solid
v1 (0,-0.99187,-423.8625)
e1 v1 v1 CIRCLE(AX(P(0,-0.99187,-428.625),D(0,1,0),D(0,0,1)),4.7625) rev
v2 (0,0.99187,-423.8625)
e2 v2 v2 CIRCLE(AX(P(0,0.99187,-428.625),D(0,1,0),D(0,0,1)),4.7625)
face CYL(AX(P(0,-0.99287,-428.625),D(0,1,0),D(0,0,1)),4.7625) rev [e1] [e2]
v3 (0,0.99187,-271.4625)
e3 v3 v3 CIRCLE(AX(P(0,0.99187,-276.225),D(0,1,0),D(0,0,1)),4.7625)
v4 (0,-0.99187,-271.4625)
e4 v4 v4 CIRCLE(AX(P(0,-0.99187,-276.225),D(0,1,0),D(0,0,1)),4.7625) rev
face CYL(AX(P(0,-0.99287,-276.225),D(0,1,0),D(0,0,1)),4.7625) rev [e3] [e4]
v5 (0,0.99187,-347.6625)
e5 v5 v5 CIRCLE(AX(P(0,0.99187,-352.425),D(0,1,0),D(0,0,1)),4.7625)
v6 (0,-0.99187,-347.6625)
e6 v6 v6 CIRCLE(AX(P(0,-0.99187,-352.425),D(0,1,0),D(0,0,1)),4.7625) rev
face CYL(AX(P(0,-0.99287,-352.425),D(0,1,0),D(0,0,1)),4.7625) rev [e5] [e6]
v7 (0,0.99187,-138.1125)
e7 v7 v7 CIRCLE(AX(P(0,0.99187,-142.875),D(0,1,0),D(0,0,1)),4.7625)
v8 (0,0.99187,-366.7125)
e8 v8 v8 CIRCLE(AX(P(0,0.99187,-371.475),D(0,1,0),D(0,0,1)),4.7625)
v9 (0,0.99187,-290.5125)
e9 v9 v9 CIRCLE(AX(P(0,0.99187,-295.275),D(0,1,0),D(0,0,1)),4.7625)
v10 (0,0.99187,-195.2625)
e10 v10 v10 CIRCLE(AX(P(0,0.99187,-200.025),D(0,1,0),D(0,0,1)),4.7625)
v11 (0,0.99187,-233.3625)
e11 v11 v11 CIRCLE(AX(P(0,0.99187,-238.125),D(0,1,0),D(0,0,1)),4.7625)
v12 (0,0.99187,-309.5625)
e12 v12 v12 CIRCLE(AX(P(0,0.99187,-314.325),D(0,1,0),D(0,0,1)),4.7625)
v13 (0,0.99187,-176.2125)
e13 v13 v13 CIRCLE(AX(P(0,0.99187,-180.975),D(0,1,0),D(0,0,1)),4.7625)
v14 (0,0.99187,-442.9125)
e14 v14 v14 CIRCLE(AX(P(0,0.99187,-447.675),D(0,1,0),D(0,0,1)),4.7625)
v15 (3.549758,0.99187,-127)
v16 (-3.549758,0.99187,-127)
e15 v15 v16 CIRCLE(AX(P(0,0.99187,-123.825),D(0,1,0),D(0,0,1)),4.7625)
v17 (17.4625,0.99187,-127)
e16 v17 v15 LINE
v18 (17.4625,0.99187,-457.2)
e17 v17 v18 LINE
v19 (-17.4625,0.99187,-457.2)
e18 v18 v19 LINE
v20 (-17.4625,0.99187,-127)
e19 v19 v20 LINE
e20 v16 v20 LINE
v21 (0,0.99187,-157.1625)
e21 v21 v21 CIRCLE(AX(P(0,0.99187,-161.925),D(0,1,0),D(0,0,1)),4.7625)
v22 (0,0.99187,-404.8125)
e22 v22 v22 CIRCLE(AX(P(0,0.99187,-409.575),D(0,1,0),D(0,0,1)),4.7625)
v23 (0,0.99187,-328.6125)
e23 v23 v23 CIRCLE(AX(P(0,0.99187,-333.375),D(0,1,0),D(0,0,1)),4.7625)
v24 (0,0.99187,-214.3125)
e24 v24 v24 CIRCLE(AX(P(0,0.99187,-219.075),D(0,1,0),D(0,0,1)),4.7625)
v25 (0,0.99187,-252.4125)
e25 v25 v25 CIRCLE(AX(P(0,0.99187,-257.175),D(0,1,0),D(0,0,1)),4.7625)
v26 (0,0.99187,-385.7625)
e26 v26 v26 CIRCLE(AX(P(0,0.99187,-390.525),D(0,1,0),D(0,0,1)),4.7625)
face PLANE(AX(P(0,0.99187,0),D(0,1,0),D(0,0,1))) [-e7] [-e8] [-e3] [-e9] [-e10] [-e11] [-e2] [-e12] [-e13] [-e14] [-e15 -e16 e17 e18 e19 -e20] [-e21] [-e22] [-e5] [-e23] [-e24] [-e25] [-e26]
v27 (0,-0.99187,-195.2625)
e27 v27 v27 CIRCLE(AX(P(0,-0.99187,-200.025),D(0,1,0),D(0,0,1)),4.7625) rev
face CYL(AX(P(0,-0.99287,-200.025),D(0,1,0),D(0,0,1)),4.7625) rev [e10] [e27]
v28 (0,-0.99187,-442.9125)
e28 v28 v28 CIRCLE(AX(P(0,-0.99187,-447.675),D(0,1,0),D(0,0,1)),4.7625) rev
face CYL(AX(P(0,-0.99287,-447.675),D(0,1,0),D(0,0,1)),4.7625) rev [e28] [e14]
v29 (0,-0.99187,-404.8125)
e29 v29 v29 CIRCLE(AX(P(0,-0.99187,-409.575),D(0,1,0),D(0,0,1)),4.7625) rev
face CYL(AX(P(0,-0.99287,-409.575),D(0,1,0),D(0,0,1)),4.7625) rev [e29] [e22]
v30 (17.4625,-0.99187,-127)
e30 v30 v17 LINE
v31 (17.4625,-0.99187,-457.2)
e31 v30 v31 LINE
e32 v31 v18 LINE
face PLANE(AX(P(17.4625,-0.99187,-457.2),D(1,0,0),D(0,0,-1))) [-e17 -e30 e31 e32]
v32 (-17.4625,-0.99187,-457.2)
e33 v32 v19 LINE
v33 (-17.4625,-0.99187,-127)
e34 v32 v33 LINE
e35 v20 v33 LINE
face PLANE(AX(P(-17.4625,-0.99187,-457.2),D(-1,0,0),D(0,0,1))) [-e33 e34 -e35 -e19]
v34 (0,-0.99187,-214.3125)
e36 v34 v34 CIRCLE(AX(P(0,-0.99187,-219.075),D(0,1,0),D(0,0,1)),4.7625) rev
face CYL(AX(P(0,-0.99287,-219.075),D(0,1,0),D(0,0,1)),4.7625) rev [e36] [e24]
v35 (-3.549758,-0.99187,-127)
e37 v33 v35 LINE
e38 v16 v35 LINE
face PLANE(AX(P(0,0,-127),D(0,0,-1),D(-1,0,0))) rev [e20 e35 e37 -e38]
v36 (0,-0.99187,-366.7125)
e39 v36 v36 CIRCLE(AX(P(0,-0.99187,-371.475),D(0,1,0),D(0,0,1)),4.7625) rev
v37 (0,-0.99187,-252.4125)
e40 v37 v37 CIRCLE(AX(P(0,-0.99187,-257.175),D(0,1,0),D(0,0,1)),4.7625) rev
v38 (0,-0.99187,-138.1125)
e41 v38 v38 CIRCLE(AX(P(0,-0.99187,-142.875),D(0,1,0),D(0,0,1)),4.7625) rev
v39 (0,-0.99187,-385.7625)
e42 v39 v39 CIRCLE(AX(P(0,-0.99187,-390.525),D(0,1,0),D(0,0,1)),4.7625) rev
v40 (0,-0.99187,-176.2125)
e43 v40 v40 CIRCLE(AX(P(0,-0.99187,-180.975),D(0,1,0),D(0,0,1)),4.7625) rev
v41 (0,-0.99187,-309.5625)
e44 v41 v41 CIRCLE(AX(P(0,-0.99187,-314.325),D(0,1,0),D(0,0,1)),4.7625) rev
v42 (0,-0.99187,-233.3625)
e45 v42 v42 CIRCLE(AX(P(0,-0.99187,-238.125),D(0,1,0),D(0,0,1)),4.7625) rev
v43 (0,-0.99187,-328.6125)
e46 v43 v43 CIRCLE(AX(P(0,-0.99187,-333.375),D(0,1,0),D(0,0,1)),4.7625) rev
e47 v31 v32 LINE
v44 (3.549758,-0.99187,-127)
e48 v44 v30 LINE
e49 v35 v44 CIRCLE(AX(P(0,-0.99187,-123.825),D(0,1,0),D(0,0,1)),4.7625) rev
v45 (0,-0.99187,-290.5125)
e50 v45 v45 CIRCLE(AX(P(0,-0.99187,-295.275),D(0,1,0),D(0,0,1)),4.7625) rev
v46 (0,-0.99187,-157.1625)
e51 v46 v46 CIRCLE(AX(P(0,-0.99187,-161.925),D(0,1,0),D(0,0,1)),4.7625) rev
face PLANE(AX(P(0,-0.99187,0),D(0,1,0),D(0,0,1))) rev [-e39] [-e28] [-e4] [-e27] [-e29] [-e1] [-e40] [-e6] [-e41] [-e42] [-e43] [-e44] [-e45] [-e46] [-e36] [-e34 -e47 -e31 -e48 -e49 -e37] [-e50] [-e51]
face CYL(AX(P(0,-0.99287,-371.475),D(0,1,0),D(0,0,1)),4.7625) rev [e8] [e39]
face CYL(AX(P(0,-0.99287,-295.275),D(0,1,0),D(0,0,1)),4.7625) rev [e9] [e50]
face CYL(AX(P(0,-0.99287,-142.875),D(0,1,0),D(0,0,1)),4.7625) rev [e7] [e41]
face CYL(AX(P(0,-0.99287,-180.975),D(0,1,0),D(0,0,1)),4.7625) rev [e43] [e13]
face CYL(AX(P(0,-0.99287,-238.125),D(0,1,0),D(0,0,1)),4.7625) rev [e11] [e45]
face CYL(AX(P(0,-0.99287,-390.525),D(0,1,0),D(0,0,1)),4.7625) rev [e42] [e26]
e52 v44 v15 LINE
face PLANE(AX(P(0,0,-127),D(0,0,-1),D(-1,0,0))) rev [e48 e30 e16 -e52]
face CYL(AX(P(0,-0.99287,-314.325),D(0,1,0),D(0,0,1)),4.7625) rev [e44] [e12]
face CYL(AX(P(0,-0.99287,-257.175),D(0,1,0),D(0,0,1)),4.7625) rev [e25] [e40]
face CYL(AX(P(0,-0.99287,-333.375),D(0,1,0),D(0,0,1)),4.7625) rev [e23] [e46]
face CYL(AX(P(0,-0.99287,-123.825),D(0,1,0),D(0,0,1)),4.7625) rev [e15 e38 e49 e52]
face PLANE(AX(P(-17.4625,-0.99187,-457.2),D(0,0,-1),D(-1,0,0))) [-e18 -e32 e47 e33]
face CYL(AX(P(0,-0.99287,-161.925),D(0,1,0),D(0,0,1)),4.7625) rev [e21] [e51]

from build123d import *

# Parameters (mm, degrees)
BOSS_EXTRUDE1_DEPTH      = 0.99187
BOSS_EXTRUDE1_DEPTH_BACK = 0.99187
SKETCH3_W                = 34.925
SKETCH3_H                = 914.4
CUT_EXTRUDE1_REACH       = 459.538
SKETCH4_R                = 4.7625
LPATTERN1_COUNT          = 53
LPATTERN1_PITCH          = 19.05
SKETCH5_W                = 34.925
SKETCH5_H                = 1.98374
CUT_EXTRUDE2_DEPTH       = 584.2


with BuildPart() as part:
    # Sketch3 → Boss-Extrude1 (new, two sides: drawn at the far end of the back side and taken through both)
    with BuildSketch(Plane(origin=(0, 0, 0), x_dir=(1, 0, 0), z_dir=(0, 1, 0)).offset(-BOSS_EXTRUDE1_DEPTH_BACK)):
        Rectangle(SKETCH3_W, SKETCH3_H)
    extrude(amount=BOSS_EXTRUDE1_DEPTH + BOSS_EXTRUDE1_DEPTH_BACK)

    # Sketch4 → Cut-Extrude1 (cut, up to next)
    with BuildSketch(Plane(origin=(0, 0.99187, 0), x_dir=(1, 0, 0), z_dir=(0, 1, 0)), mode=Mode.PRIVATE) as cut_extrude1_sk1:
        with Locations(Location((0, -447.675, 0), (0, 0, 270))):
            Circle(SKETCH4_R)
    cut_extrude1_tool1 = extrude(cut_extrude1_sk1.sketch, amount=-CUT_EXTRUDE1_REACH, mode=Mode.PRIVATE) & part.part
    cut_extrude1 = cut_extrude1_tool1.solids().sort_by_distance((0, 0.99187, 447.675))[0]
    add(cut_extrude1, mode=Mode.SUBTRACT)

    # LPattern1: Cut-Extrude1 ×53
    with Locations(*[(0, 0, -i * LPATTERN1_PITCH) for i in range(1, LPATTERN1_COUNT)]):
        add(cut_extrude1, mode=Mode.SUBTRACT)

    # Sketch5 → Cut-Extrude2 (cut)
    with BuildSketch(Plane.XY.offset(457.2)):
        Rectangle(SKETCH5_W, SKETCH5_H)
    extrude(amount=-CUT_EXTRUDE2_DEPTH, mode=Mode.SUBTRACT)


solid = part.part
